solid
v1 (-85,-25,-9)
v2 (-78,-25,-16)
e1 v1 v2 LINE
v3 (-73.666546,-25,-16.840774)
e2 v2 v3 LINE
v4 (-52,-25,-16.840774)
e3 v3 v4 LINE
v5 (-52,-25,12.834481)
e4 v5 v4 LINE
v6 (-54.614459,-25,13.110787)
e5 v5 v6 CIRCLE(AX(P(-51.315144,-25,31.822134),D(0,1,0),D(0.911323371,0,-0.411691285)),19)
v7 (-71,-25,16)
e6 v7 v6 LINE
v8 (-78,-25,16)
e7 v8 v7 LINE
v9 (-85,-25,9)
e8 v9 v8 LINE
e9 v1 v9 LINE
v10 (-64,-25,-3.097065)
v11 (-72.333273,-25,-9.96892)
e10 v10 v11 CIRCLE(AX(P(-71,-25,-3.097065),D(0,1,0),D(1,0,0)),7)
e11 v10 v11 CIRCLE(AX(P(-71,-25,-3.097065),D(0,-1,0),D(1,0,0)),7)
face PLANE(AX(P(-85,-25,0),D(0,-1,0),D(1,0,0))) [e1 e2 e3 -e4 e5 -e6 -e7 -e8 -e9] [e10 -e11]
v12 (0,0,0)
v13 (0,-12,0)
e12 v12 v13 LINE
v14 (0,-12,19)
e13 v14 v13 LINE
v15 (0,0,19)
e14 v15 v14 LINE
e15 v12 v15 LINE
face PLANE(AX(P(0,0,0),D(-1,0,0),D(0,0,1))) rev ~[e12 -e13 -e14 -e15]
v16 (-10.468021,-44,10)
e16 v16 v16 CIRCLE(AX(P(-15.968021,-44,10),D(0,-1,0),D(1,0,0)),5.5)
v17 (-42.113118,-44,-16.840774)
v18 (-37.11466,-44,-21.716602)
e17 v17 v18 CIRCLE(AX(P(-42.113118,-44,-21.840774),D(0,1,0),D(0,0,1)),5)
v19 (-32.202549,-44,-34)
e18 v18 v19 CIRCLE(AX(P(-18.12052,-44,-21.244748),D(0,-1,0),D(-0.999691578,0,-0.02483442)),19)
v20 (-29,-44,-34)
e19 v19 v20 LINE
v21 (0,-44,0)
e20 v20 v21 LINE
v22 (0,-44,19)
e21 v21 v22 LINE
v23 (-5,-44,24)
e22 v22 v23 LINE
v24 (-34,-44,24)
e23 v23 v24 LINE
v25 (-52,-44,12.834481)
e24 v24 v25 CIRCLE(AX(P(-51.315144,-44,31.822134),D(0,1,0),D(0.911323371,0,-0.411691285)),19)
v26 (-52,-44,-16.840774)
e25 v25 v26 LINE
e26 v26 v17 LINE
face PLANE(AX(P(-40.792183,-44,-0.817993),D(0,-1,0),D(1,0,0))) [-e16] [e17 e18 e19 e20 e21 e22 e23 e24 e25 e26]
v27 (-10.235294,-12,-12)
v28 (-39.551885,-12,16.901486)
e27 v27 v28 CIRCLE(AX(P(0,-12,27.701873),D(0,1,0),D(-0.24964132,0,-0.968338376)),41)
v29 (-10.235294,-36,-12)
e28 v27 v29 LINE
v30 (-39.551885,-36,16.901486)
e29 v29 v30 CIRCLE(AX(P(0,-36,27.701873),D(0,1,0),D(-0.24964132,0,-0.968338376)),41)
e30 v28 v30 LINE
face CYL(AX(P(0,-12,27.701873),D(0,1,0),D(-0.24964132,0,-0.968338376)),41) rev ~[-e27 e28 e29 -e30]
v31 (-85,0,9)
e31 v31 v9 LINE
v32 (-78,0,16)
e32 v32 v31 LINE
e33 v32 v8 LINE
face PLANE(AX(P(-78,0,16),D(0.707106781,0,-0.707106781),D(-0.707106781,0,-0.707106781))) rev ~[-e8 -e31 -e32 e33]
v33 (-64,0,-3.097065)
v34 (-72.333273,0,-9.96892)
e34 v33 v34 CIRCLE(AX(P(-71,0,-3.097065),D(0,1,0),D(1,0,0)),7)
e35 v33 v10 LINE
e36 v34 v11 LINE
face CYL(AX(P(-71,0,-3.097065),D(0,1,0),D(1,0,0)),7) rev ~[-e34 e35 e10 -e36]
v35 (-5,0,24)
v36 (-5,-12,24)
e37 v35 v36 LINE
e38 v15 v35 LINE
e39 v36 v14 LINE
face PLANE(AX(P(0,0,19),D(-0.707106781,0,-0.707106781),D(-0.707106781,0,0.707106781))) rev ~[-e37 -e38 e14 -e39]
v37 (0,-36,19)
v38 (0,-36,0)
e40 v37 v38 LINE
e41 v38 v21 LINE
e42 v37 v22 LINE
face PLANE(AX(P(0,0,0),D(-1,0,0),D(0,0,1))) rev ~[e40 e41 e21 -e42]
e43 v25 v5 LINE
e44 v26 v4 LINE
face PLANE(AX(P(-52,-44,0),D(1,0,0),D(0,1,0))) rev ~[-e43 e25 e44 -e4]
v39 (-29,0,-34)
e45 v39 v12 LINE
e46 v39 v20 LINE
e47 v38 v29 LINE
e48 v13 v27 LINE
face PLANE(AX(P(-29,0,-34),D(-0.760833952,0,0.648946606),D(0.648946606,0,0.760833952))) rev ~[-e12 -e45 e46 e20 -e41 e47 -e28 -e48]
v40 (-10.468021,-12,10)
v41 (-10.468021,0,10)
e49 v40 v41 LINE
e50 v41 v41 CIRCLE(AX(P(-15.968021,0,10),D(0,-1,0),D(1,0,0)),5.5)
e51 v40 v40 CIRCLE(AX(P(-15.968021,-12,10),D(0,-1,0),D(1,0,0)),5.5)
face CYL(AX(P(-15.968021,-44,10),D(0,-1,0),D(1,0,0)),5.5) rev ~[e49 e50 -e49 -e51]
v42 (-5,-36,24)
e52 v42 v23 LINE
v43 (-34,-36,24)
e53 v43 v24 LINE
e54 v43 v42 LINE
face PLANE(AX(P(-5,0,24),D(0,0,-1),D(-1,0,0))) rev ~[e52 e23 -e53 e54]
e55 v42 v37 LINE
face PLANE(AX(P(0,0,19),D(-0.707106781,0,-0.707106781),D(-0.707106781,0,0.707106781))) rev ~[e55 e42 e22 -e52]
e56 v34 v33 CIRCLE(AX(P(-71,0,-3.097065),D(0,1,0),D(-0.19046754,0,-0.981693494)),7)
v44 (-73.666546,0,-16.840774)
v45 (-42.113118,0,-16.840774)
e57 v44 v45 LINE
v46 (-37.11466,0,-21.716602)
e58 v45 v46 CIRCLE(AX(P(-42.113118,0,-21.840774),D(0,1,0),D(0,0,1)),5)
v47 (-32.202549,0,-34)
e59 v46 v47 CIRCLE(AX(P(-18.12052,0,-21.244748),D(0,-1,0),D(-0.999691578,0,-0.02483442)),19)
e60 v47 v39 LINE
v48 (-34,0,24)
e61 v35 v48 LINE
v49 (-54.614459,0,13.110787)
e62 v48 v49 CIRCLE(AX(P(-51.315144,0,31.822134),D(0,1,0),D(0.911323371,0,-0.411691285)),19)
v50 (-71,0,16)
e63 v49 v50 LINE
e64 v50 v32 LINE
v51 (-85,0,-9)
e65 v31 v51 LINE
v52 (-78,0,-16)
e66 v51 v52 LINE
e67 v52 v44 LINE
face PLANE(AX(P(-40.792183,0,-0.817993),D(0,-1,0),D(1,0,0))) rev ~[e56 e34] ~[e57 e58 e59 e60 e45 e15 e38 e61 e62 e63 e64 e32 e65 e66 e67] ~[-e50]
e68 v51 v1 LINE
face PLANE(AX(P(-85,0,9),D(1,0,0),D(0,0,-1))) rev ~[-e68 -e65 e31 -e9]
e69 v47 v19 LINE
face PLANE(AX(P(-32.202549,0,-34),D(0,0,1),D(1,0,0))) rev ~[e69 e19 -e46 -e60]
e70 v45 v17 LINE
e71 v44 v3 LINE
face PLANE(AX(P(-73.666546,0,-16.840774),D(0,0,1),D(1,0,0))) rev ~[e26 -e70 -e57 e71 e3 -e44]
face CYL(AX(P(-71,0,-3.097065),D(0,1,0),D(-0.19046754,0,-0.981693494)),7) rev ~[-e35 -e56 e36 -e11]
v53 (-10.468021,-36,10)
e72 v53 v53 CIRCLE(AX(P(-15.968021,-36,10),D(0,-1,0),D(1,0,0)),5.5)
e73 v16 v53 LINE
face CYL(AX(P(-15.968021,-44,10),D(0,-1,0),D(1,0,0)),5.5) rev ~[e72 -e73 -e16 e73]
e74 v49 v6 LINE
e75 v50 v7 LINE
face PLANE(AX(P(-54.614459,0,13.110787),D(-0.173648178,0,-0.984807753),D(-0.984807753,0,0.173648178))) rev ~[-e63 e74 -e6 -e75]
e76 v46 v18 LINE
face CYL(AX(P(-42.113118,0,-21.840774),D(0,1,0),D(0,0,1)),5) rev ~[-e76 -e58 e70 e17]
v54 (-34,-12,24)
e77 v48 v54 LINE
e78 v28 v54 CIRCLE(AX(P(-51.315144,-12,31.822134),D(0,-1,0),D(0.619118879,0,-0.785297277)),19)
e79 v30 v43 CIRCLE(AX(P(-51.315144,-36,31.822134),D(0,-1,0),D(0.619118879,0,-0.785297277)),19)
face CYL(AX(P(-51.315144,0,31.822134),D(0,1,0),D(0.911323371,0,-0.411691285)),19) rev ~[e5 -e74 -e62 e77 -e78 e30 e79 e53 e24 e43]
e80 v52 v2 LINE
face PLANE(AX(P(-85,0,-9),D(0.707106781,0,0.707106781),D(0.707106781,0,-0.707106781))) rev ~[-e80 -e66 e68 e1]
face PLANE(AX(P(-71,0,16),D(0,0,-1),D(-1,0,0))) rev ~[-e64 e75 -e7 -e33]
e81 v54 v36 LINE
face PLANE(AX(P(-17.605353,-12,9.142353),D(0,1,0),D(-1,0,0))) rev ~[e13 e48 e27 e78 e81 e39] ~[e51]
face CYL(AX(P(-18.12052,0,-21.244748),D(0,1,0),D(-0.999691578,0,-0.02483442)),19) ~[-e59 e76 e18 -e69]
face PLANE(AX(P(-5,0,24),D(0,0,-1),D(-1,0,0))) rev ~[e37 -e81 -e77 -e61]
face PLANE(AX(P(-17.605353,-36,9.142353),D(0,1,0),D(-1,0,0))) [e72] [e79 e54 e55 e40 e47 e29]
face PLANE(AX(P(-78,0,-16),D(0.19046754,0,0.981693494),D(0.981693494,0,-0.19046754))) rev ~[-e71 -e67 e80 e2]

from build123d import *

# Parameters (mm, degrees)
F1_DEPTH      = 44
F2_R          = 5.5
F3_DEPTH      = 44.001
F4_W          = 33
F4_H          = 19
F5_DEPTH      = 24.001
F5_DEPTH_BACK = 25
F8_DEPTH      = 24


with BuildPart() as f1:
    # F0 (on Front) → F1 (new body)
    with BuildSketch(Plane.XZ):
        with BuildLine():
            Line((-29, -34), (0, 0))
            Line((0, 0), (0, 19))
            Line((0, 19), (-5, 24))
            Line((-5, 24), (-34, 24))
            ThreePointArc((-34, 24), (-42.4407650408, 15.0219737764), (-54.6144594201, 13.1107871023))
            Line((-54.6144594201, 13.1107871023), (-71, 16))
            Line((-71, 16), (-78, 16))
            Line((-78, 16), (-85, 9))
            Line((-85, 9), (-85, 0))
            Line((-85, 0), (-85, -9))
            Line((-85, -9), (-78, -16))
            Line((-78, -16), (-73.6665455603, -16.8407740419))
            Line((-73.6665455603, -16.8407740419), (-42.1131182037, -16.8407740419))
            ThreePointArc((-42.1131182037, -16.8407740419), (-38.6217617691, -18.2616079035), (-37.1146603126, -21.7166019433))
            ThreePointArc((-37.1146603126, -21.7166019433), (-35.7621956578, -28.2996251104), (-32.2025494985, -34))
            Line((-32.2025494985, -34), (-29, -34))
        make_face()
        with BuildLine():
            ThreePointArc((-64, -3.0970651257), (-66.5465131336, -8.4976627528), (-72.3332727801, -9.9689195838))
            ThreePointArc((-72.3332727801, -9.9689195838), (-75.4534868664, 2.3035325015), (-64, -3.0970651257))
        make_face(mode=Mode.SUBTRACT)
    extrude(amount=F1_DEPTH)

    # F2 (on face) → F3 (cut, through all)
    with BuildSketch(Plane.XZ.offset(44)):
        with Locations((-15.9680212459, 10)):
            Circle(F2_R)
    extrude(amount=-F3_DEPTH, mode=Mode.SUBTRACT)

    # F4 (on Top) → F5 (cut, two sides)
    with BuildSketch(Plane.XY) as f5_sk:
        with Locations((-68.5, -34.5)):
            Rectangle(F4_W, F4_H)
    extrude(amount=F5_DEPTH, mode=Mode.SUBTRACT)
    extrude(f5_sk.sketch, amount=-F5_DEPTH_BACK, mode=Mode.SUBTRACT)

    # F7 (on offset) → F8 (cut)
    with BuildSketch(Plane(origin=(0, -12, 0), x_dir=(-1, 0, 0), z_dir=(0, 1, 0))):
        with BuildLine():
            Line((0, 0), (10.2352941176, -12))
            ThreePointArc((10.2352941176, -12), (28.7839327574, -1.495476016), (39.5518853442, 16.901486141))
            ThreePointArc((39.5518853442, 16.901486141), (36.348995532, 20.1168194328), (34, 24))
            Line((34, 24), (5, 24))
            Line((5, 24), (0, 19))
            Line((0, 19), (0, 0))
        make_face()
    extrude(amount=-F8_DEPTH, mode=Mode.SUBTRACT)


solid = f1.part
